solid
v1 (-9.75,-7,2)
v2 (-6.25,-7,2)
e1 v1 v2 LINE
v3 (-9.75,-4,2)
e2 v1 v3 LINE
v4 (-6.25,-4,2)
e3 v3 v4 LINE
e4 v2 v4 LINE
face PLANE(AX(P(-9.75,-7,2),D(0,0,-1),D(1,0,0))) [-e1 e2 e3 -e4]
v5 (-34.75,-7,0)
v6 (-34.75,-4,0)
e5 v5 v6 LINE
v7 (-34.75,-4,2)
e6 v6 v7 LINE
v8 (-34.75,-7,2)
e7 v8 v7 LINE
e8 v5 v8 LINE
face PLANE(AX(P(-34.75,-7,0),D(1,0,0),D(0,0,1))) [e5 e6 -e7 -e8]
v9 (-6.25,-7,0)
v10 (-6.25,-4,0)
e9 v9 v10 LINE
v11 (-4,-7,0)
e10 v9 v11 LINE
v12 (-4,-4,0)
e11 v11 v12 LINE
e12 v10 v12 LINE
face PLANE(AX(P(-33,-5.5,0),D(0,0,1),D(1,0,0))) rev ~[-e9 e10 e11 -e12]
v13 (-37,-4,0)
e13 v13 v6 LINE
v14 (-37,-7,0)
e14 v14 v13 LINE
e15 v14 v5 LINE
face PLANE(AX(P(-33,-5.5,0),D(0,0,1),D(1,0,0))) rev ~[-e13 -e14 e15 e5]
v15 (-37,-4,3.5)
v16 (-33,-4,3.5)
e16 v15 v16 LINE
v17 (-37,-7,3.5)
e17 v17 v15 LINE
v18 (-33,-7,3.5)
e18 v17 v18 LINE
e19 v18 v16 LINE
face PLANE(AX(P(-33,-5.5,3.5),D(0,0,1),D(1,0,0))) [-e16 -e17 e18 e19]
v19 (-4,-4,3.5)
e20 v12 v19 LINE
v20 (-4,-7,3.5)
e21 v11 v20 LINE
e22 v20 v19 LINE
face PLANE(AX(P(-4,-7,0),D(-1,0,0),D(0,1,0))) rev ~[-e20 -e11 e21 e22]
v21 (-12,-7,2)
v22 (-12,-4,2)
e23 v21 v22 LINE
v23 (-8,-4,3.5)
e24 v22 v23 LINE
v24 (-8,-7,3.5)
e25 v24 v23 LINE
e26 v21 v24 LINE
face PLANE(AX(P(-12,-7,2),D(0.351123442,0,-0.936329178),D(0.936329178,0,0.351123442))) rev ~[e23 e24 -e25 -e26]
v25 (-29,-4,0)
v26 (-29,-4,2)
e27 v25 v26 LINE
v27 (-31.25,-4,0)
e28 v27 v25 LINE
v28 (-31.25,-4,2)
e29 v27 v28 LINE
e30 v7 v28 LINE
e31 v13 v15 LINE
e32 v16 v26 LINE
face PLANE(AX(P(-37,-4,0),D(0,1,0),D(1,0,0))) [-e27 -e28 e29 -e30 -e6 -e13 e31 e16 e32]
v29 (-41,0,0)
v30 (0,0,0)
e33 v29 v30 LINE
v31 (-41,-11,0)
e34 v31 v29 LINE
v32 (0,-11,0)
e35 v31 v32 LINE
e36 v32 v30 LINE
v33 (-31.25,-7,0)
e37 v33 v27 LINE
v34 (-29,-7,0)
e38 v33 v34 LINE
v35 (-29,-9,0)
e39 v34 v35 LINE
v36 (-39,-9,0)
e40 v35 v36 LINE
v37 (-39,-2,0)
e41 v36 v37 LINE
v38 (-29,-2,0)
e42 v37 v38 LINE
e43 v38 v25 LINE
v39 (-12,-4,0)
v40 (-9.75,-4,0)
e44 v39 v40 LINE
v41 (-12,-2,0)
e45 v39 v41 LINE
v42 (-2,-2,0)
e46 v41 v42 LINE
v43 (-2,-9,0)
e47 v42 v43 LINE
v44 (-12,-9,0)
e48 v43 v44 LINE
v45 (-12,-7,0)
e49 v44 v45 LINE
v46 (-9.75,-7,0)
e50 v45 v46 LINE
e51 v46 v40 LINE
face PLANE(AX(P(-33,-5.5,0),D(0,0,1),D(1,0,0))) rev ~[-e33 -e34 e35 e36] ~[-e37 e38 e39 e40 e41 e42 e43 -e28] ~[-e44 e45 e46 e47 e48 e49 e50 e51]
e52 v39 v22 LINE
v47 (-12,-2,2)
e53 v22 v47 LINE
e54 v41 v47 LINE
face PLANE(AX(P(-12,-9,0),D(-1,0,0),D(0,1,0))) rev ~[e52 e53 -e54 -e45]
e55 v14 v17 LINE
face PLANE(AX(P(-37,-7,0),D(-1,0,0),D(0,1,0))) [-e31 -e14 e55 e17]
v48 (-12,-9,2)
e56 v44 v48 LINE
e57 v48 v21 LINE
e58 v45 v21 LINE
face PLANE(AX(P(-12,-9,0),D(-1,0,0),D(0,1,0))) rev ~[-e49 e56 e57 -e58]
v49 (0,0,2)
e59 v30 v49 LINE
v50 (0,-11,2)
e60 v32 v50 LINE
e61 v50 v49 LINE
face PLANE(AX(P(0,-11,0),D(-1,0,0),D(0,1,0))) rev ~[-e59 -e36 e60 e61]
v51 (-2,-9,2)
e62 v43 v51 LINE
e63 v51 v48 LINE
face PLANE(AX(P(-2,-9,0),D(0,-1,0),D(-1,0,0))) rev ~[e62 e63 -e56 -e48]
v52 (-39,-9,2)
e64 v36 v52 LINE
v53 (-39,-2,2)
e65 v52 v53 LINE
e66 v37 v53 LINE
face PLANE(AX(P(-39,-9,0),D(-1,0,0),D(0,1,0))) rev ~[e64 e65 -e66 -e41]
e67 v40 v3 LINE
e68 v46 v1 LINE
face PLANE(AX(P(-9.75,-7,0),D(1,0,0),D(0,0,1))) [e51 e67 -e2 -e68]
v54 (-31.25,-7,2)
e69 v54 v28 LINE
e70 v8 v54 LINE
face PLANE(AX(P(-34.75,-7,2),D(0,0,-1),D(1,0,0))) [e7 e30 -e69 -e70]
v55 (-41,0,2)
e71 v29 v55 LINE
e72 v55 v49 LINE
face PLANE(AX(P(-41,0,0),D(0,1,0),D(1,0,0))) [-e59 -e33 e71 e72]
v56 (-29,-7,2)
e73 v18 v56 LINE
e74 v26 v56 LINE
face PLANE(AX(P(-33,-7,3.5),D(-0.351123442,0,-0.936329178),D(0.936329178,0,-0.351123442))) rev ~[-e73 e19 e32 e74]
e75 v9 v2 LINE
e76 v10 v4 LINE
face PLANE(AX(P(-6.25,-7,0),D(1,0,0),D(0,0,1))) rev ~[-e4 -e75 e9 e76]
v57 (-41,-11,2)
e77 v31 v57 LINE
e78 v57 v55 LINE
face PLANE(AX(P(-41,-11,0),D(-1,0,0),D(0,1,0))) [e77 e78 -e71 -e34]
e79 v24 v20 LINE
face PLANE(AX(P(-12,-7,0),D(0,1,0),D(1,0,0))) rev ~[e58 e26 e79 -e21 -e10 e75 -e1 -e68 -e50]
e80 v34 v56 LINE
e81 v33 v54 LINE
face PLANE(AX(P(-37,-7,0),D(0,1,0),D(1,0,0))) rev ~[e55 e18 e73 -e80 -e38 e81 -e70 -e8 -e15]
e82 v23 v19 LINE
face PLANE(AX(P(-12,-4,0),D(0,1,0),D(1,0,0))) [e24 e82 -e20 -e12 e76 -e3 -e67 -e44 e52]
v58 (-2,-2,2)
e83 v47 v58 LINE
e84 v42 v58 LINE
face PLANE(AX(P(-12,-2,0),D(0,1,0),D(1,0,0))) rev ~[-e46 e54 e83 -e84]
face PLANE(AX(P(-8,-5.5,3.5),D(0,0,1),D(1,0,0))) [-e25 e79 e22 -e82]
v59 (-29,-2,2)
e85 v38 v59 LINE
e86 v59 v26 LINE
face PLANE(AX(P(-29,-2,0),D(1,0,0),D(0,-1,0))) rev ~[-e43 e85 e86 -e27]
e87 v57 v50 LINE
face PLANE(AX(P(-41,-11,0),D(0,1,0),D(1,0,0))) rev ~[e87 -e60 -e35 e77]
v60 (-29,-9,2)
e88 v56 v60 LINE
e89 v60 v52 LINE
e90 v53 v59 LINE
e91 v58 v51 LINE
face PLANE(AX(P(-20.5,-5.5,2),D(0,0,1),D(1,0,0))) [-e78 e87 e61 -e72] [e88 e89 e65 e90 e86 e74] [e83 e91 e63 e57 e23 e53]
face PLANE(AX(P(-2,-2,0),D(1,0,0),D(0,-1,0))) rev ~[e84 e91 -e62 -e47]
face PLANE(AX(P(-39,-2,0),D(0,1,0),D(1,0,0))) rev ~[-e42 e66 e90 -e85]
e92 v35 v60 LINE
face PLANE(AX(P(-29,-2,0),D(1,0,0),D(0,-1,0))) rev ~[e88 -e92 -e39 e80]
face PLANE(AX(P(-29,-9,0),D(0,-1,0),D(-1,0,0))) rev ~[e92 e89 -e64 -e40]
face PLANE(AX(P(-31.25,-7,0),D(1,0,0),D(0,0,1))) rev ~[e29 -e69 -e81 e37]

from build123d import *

# Parameters (mm, degrees)
F0_W     = 41
F0_H     = 11
F1_DEPTH = 2
F0_W_2   = 8
F0_H_2   = 3
F2_DEPTH = 3.5
F3_W     = 3.5
F3_H     = 2
F4_DEPTH = 3
F5_W     = 3.5
F5_H     = 2
F6_DEPTH = 3


with BuildPart() as f1:
    # F0 (on Top) → F1 (new body)
    with BuildSketch(Plane.XY):
        with Locations((-20.5, -5.5)):
            Rectangle(F0_W, F0_H)
        Polygon((-39, -9), (-39, -2), (-29, -2), (-29, -4), (-29, -7), (-29, -9), align=None, mode=Mode.SUBTRACT)
        Polygon((-2, -9), (-12, -9), (-12, -7), (-12, -4), (-12, -2), (-2, -2), align=None, mode=Mode.SUBTRACT)
    extrude(amount=F1_DEPTH)

    # F0 (on Top) → F2 (join)
    with BuildSketch(Plane.XY):
        with Locations((-33, -5.5)):
            Rectangle(F0_W_2, F0_H_2)
        with Locations((-8, -5.5)):
            Rectangle(F0_W_2, F0_H_2)
    extrude(amount=F2_DEPTH)

    # F3 (on face) → F4 (cut, through all)
    with BuildSketch(Plane.XZ.offset(7)):
        Polygon((-33, 3.5), (-29, 2), (-29, 3.5), align=None)
        with Locations((-33, 1)):
            Rectangle(F3_W, F3_H)
    extrude(amount=-F4_DEPTH, mode=Mode.SUBTRACT)

    # F5 (on face) → F6 (cut, through all)
    with BuildSketch(Plane.XZ.offset(7)):
        Polygon((-8, 3.5), (-12, 3.5), (-12, 2), align=None)
        with Locations((-8, 1)):
            Rectangle(F5_W, F5_H)
    extrude(amount=-F6_DEPTH, mode=Mode.SUBTRACT)


solid = f1.part
